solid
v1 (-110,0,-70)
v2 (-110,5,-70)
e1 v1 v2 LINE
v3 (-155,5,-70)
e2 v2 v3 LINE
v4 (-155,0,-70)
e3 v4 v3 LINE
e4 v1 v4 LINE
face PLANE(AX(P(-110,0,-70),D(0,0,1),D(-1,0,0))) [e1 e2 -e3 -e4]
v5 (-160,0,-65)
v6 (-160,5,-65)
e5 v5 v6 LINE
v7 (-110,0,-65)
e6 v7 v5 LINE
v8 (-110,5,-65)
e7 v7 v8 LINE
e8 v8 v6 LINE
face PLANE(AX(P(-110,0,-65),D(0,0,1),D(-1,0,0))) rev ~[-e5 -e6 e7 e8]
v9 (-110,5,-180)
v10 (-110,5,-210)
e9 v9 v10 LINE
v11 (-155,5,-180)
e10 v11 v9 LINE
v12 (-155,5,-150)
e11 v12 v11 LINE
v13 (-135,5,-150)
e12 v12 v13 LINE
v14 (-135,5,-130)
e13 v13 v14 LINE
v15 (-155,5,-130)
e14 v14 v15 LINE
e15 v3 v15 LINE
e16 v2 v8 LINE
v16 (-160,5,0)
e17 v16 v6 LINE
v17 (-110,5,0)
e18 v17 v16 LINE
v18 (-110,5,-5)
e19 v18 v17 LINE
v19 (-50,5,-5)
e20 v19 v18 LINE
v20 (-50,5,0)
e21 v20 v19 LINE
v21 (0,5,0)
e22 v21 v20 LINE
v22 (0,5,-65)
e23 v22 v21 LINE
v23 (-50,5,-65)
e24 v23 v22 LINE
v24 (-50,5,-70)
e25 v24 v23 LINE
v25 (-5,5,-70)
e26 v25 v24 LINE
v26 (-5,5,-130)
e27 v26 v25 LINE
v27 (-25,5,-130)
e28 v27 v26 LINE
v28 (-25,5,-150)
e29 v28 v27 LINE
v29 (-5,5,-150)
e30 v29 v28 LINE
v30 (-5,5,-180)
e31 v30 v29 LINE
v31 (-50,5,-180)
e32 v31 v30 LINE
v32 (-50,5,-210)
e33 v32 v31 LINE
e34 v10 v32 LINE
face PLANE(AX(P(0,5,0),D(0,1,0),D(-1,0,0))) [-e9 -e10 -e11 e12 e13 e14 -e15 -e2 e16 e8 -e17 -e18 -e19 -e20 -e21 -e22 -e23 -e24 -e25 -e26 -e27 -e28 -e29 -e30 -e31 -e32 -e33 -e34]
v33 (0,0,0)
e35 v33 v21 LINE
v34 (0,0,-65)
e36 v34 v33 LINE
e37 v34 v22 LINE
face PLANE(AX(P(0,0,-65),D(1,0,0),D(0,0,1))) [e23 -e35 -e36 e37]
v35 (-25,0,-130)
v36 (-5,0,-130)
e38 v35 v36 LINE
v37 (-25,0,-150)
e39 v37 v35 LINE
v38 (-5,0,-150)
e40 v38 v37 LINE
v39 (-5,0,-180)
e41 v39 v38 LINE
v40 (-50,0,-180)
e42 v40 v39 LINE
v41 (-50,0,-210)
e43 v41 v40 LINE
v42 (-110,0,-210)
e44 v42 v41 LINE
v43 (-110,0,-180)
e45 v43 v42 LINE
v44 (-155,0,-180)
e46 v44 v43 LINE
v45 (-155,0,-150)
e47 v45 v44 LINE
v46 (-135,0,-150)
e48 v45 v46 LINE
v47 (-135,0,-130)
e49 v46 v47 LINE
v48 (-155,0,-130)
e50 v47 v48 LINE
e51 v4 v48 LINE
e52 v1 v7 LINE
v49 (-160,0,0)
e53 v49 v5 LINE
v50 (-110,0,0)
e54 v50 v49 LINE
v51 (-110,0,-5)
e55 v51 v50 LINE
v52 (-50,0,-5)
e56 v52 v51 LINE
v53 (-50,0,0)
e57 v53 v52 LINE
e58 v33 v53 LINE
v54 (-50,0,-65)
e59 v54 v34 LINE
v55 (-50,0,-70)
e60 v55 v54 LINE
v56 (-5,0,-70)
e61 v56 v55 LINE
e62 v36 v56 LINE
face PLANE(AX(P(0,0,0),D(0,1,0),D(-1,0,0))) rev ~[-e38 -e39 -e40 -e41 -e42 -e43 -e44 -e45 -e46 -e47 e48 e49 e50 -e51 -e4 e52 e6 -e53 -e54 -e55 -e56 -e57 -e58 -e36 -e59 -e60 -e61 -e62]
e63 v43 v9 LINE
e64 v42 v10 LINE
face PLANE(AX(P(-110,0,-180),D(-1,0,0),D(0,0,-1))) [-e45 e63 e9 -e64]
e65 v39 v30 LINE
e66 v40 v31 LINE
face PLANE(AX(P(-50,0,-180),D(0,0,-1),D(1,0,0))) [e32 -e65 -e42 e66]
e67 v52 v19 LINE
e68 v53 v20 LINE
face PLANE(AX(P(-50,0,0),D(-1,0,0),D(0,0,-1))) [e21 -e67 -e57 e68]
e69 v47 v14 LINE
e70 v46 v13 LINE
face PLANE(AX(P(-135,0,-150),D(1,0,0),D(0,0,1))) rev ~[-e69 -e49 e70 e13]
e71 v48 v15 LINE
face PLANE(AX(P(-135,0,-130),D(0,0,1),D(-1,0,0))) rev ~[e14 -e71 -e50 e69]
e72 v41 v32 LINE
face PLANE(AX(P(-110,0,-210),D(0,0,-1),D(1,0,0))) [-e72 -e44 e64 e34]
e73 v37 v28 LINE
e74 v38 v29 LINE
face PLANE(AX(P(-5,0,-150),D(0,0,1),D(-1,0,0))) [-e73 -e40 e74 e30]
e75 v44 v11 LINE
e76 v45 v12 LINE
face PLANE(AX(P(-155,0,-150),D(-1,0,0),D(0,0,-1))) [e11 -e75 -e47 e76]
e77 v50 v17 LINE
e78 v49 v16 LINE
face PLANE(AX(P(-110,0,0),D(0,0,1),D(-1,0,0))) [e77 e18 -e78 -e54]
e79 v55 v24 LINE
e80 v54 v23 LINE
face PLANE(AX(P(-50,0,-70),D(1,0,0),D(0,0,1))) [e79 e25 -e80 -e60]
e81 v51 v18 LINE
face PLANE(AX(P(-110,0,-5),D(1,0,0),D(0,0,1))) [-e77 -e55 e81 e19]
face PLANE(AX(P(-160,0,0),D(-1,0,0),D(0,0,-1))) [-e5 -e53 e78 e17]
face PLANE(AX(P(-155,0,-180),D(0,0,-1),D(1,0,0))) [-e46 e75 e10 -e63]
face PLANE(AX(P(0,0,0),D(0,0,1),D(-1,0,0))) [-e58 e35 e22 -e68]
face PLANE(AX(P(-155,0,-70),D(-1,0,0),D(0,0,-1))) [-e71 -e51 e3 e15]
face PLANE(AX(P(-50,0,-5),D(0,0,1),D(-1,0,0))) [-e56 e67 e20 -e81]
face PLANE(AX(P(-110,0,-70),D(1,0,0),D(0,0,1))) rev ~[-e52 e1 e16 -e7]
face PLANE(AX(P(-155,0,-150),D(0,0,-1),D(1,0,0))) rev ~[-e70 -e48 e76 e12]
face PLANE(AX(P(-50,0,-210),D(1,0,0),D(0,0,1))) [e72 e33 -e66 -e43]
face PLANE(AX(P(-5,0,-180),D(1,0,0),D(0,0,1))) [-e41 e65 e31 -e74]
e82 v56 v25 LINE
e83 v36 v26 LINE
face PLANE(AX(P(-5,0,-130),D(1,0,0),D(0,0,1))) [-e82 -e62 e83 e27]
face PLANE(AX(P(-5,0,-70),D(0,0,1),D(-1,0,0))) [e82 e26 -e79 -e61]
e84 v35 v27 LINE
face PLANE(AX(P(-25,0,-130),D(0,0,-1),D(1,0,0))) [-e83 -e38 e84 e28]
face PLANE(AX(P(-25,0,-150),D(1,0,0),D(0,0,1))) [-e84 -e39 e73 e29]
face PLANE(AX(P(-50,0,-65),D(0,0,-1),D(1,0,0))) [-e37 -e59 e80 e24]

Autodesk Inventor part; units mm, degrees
ref_plane "YZ Plane" through (0, 0, 0) normal (1, 0, 0) x (0, 1, 0)
ref_plane "XZ Plane" through (0, 0, 0) normal (0, 1, 0) x (-1, 0, 0)
ref_plane "XY Plane" through (0, 0, 0) normal (0, 0, 1) x (1, 0, 0)
sketch "Sketch1" plane through (0, 0, 0) normal (0, 1, 0) x (-1, 0, 0)
  line L0 (155, -70) -> (155, -210)
  line L1 (155, -210) -> (5, -210)
  line L2 (5, -210) -> (5, -70)
  line L3 (50, -210) -> (110, -210)
  line L4 (5, -70) -> (155, -70)
  line L5 (5, -70) -> (55, -70)
  line L6 (155, -150) -> (135, -150)
  line L7 (135, -150) -> (135, -130)
  line L8 (135, -130) -> (155, -130)
  line L9 (155, -130) -> (155, -150)
  line L10 (5, -150) -> (25, -150)
  line L11 (25, -150) -> (25, -130)
  line L12 (25, -130) -> (5, -130)
  line L13 (5, -180) -> (155, -180) construction
  line L14 (50, -180) -> (110, -180)
  line L15 (110, -180) -> (110, -210)
  line L16 (110, -210) -> (50, -210)
  line L17 (50, -210) -> (50, -180)
  line L18 (110, -210) -> (50, -210)
  line L19 (155, -180) -> (110, -180)
  line L20 (50, -180) -> (5, -180)
  line L21 (135, -30) -> (155, -30)
  line L22 (160, -70) -> (0, -70)
  line L23 (0, -70) -> (0, 0)
  line L24 (0, 0) -> (160, 0)
  line L25 (160, 0) -> (160, -70)
  line L26 (80, -210) -> (80, 0) construction
  line L27 (0, -70) -> (50, -70)
  line L28 (50, -70) -> (50, -65)
  line L29 (50, -65) -> (0, -65)
  line L30 (0, -65) -> (0, -70)
  line L31 (155, -70) -> (105, -70)
  line L32 (160, -70) -> (110, -70)
  line L33 (110, -70) -> (110, -65)
  line L34 (110, -65) -> (160, -65)
  line L35 (160, -65) -> (160, -70)
  line L36 (110, 0) -> (50, 0)
  line L37 (50, 0) -> (50, -5)
  line L38 (50, -5) -> (110, -5)
  line L39 (110, -5) -> (110, 0)
  point P0 (5, -100)
  point P1 (5, -120)
  point P2 (160, -65)
  point P3 (155, 0)
  point P4 (135, 0)
  point P5 (0, -65)
  point P6 (50, -70)
  point P7 (110, -70)
  point P8 (50, 0)
  point P9 (50, -70)
  point P10 (110, -70)
  point P11 (155, -70)
  point P12 (5, -70)
  dimension "d10" = 20
  dimension "d11" = 20
  dimension "d18" = 150
  dimension "d19" = 160
  dimension "d20" = 80
  dimension "d21" = 45
  dimension "d22" = 45
  dimension "d23" = 50
  dimension "d24" = 5
  dimension "d25" = 5
  dimension "d26" = 30
  dimension "d27" = 110
  dimension "d28" = 70
  dimension "d29" = 210
  dimension "d30" = 20
extrude "Extrusion1" add sketch "Sketch1" along normal blind 5 contours L0 L8 L7 L6 L19 L14 L20 L2 L10 L11 L12 L4 | L4 L28 L29 L23 L24 L37 L38 L39 L25 L34 L33 | L15 L1 L17 L14
properties part number "HOOD_1" material "Acrylic"
